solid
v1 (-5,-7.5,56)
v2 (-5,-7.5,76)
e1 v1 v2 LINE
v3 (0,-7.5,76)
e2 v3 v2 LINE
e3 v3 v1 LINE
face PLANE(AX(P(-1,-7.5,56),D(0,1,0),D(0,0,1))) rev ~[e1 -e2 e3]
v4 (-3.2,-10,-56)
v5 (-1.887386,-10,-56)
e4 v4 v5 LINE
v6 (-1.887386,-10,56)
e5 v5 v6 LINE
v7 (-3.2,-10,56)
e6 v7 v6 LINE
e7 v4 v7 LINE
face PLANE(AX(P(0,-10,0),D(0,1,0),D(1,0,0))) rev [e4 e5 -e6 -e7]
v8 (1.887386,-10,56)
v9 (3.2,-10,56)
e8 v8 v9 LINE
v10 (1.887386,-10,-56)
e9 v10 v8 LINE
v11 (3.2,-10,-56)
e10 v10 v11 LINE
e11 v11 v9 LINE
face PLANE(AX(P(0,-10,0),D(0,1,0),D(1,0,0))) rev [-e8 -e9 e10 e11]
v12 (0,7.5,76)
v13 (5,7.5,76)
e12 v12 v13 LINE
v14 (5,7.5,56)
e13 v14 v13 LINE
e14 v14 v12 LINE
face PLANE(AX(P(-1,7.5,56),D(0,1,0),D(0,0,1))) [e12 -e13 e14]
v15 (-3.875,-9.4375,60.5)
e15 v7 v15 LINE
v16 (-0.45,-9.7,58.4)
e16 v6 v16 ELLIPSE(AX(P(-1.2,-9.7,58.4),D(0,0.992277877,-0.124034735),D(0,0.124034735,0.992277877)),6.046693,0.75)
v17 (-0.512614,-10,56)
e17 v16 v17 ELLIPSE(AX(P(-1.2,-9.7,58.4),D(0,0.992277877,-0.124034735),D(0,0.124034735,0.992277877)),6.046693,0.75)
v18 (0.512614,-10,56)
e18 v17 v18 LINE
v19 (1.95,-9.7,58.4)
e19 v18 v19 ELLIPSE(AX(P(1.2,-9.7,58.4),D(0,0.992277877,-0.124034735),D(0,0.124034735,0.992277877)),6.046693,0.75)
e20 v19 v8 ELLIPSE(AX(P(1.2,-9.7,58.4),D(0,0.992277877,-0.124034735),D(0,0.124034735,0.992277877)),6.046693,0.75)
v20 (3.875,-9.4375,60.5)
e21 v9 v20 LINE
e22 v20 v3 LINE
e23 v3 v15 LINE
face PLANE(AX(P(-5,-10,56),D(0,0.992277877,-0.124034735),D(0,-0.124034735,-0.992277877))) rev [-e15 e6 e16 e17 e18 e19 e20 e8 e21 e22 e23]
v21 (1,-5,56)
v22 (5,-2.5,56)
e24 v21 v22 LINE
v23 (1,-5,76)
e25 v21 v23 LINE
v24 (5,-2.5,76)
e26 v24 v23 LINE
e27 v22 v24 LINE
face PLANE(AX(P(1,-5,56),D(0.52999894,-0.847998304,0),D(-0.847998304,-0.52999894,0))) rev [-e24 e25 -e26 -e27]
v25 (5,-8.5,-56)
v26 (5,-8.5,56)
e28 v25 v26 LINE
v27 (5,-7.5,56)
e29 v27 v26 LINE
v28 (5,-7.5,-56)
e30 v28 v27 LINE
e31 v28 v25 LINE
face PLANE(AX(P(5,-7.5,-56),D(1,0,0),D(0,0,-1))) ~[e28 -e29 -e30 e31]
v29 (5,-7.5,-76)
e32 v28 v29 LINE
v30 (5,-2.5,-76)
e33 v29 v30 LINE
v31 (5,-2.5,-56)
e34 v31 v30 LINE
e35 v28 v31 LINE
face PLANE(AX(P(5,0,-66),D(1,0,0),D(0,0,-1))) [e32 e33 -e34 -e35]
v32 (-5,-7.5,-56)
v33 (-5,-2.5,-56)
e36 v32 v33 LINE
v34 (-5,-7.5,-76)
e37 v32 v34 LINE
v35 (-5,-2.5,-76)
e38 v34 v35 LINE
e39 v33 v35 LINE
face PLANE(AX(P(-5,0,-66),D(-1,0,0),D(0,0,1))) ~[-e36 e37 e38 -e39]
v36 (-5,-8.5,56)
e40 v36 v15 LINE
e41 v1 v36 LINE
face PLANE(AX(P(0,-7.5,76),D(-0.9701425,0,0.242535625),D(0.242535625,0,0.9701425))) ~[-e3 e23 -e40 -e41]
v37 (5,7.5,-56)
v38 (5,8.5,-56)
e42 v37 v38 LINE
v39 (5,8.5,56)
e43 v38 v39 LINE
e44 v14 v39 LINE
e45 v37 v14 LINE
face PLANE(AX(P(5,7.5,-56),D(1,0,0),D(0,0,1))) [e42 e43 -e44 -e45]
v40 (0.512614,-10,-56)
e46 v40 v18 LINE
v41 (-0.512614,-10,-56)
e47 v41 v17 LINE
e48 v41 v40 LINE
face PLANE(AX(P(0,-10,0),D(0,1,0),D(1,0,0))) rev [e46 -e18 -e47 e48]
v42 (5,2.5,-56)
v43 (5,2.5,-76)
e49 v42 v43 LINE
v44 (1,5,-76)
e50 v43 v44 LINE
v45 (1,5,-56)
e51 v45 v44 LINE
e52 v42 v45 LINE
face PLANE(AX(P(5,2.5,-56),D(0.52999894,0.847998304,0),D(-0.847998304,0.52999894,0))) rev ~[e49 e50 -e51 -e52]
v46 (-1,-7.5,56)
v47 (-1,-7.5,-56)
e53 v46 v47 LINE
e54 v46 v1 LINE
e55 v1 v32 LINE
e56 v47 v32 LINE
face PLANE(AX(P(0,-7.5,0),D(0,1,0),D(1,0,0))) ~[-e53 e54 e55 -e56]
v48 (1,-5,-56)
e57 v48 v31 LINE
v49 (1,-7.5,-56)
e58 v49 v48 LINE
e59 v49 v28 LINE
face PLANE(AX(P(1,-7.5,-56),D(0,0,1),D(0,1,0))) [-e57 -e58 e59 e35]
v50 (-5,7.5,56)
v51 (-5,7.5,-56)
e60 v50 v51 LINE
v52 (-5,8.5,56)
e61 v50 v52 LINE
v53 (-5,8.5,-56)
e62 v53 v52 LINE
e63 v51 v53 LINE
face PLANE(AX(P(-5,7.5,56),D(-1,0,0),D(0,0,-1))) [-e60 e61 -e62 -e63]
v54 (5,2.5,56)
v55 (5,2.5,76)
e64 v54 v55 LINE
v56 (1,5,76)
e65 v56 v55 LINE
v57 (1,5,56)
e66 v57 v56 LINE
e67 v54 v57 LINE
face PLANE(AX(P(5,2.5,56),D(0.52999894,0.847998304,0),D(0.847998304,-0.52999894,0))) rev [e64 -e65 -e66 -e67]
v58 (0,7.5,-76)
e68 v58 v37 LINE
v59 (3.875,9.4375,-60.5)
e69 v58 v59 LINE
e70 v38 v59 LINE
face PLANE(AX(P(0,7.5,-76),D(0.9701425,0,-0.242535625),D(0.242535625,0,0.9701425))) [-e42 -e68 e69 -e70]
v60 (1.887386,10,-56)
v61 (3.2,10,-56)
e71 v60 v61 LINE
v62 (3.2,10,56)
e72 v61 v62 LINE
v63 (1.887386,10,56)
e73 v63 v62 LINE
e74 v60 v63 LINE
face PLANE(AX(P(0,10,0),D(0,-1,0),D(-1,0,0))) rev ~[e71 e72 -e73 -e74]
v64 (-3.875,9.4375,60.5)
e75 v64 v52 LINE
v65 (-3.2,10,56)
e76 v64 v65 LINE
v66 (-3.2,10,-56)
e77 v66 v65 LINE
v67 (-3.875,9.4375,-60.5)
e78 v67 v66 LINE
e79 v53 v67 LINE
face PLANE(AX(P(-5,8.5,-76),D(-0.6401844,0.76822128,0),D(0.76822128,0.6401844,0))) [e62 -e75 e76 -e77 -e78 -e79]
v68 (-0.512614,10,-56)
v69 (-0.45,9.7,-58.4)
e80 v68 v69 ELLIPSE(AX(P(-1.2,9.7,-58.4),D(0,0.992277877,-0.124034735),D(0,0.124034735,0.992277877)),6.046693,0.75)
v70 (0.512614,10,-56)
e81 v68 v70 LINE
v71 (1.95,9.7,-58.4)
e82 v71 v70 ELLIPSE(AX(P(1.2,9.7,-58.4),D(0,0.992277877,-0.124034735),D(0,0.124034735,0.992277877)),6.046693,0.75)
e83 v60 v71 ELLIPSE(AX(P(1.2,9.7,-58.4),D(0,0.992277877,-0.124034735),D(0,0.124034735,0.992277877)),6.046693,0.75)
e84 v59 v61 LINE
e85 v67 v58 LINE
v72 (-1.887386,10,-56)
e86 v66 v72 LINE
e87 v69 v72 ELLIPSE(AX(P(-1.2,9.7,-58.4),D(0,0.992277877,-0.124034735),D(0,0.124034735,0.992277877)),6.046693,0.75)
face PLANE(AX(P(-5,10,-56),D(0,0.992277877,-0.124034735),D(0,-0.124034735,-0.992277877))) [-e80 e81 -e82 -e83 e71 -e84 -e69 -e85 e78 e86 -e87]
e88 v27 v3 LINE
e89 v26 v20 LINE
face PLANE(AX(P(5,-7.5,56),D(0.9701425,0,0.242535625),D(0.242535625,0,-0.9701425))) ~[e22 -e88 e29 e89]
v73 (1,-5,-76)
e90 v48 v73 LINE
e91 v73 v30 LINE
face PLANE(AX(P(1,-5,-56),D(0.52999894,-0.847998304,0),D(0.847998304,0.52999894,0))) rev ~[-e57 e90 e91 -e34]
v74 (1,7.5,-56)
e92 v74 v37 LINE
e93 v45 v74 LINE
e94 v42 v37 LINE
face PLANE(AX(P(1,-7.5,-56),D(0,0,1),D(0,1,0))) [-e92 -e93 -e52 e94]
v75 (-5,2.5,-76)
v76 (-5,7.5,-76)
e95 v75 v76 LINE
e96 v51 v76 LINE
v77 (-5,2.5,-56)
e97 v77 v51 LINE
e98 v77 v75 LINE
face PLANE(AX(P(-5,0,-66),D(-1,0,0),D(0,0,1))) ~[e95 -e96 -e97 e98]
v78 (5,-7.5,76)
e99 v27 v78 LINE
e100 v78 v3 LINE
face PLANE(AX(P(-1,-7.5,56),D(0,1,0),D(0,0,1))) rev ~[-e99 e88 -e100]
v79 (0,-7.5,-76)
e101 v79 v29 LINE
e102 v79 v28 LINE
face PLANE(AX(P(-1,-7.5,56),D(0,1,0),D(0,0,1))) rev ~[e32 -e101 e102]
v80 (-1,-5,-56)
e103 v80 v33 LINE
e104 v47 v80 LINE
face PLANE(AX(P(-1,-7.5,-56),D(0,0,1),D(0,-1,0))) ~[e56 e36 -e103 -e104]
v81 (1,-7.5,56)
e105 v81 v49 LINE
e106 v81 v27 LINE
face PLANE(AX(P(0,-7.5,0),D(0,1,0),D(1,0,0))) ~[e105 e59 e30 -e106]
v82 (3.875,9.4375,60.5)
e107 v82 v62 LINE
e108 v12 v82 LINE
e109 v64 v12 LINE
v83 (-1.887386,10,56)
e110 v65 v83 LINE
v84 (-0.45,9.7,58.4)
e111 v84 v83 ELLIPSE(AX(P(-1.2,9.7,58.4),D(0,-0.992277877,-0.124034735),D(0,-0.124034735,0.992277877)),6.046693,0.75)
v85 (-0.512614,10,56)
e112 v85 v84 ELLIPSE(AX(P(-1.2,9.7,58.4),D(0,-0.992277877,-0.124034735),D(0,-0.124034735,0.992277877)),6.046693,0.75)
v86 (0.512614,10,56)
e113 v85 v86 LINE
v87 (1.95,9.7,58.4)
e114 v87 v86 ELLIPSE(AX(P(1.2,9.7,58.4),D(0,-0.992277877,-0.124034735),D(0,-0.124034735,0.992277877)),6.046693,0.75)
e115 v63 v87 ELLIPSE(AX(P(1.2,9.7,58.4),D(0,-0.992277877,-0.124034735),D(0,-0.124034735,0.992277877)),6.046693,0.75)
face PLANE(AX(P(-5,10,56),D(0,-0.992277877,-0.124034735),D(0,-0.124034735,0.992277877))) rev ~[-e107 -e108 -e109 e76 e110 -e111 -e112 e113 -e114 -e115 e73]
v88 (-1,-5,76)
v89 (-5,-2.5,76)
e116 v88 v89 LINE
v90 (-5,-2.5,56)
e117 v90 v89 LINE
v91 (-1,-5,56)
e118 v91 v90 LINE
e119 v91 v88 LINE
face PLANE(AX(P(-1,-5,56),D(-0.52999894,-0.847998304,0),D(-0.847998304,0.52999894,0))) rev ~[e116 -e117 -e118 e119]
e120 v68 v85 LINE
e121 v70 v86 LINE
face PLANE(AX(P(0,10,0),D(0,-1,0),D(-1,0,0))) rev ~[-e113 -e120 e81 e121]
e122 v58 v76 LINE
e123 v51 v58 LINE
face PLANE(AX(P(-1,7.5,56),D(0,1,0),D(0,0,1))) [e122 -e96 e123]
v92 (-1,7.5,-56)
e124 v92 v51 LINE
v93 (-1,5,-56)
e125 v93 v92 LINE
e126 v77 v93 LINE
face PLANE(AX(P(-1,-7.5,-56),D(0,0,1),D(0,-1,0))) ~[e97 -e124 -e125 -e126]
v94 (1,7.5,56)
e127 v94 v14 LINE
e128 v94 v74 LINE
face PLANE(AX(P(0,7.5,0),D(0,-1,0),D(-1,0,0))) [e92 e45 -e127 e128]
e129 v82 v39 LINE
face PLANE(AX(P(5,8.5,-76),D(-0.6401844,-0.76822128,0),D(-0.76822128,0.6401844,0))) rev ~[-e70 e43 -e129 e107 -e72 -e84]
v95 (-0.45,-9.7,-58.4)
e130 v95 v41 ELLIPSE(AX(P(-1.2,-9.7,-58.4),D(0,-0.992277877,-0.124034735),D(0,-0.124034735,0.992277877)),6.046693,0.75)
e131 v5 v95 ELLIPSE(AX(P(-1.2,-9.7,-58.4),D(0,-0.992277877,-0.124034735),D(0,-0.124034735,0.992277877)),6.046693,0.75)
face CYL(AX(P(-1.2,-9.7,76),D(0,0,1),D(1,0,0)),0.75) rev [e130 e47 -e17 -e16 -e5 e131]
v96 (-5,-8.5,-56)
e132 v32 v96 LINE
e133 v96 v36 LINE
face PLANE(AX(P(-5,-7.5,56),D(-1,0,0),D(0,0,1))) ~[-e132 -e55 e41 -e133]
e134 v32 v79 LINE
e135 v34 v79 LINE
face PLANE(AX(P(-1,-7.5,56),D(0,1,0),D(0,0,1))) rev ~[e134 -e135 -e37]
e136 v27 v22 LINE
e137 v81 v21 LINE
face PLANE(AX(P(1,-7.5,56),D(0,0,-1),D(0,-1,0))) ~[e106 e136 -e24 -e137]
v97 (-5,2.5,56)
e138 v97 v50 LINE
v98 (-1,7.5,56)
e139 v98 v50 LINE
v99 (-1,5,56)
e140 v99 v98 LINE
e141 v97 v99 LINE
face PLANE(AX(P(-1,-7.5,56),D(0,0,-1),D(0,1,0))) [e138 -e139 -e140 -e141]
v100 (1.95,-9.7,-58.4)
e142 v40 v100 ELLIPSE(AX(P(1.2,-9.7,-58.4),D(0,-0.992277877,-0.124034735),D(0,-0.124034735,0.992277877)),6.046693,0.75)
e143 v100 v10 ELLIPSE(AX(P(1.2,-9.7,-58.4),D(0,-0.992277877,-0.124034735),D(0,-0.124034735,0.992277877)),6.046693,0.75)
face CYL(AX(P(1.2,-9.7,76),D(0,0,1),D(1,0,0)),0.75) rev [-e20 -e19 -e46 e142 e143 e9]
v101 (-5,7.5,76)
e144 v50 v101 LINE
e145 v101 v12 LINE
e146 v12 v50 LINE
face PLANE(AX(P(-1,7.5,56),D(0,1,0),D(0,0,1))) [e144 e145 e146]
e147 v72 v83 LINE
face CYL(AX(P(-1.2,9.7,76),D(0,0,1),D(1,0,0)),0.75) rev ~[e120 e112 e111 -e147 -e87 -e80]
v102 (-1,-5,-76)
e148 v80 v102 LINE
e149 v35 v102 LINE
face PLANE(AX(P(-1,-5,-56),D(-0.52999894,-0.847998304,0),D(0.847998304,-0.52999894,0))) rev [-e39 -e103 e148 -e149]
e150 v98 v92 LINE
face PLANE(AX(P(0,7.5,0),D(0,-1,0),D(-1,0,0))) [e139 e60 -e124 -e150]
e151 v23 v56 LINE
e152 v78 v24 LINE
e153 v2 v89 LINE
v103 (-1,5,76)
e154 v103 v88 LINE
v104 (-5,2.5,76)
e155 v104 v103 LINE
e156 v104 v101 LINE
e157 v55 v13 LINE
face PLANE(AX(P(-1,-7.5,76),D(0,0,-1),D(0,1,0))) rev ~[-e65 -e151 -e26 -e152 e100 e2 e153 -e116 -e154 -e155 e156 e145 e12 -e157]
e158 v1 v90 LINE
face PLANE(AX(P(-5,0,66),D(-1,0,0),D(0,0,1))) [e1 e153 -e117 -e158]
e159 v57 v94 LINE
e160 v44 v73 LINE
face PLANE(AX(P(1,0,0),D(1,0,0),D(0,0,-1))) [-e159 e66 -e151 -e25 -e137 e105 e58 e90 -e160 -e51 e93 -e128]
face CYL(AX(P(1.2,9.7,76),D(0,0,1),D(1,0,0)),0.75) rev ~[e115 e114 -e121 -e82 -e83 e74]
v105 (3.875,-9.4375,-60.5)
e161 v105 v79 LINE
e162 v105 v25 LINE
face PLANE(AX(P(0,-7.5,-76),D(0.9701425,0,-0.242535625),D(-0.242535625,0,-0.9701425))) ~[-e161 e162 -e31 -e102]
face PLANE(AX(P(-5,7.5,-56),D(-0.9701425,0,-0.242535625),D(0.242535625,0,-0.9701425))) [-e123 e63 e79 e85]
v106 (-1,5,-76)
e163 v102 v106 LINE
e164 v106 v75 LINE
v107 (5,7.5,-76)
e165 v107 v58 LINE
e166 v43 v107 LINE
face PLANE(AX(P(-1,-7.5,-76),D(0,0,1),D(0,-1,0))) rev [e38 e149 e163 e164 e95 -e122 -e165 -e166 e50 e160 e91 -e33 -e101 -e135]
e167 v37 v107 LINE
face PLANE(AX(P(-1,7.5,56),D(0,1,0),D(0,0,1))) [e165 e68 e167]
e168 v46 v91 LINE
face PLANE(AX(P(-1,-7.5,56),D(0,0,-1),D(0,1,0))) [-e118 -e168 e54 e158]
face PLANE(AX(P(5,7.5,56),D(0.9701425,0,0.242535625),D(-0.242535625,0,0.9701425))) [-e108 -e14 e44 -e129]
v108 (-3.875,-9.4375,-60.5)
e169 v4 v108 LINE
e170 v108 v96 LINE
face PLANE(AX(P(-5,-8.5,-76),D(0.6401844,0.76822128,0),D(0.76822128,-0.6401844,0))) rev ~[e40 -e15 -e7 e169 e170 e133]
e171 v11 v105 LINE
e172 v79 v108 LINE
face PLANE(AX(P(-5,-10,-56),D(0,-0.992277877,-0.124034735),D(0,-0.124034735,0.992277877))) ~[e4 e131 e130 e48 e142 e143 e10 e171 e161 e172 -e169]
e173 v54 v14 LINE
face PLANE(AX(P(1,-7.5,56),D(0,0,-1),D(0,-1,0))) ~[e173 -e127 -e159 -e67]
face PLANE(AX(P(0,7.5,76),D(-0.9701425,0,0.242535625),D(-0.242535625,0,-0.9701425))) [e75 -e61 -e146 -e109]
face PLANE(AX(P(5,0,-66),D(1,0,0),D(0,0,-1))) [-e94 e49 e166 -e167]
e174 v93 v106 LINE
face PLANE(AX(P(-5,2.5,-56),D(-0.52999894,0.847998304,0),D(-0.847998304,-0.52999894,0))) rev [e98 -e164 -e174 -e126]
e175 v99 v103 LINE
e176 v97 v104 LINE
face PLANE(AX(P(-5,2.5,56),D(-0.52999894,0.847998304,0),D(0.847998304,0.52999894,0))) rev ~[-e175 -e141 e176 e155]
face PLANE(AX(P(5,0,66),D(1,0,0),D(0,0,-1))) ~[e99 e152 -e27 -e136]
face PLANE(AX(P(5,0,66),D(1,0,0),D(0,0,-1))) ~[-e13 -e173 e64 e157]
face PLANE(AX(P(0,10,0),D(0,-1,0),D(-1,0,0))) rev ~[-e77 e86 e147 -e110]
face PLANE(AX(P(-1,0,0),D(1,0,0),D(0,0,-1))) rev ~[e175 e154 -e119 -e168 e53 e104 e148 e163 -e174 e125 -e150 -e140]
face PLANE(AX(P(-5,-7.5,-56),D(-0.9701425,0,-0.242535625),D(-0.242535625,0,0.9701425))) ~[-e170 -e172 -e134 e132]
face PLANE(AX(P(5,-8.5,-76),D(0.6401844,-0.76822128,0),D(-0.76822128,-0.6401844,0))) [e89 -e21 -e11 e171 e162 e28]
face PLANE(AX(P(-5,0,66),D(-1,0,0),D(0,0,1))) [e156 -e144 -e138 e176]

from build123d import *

# Parameters (mm, degrees)
SKETCH1_W               = 152
SKETCH1_H               = 15
BOSS_EXTRUDE1_DEPTH     = 1
SKETCH2_W               = 20
SKETCH2_H               = 15
BOSS_EXTRUDE2_DEPTH     = 4
CUT_EXTRUDE1_DEPTH      = 133.3074072
MIRROR2_COPY_1_SKETCH_W = 20
MIRROR2_COPY_1_SKETCH_H = 15
MIRROR2_COPY_1_DEPTH    = 4
MIRROR2_COPY_2_DEPTH    = 133.3074072
BOSS_EXTRUDE5_DEPTH     = 2.5
CUT_EXTRUDE2_DEPTH      = 78.30459236
SKETCH9_R               = 0.75
CUT_EXTRUDE3_DEPTH      = 153.410629551
CUT_EXTRUDE4_DEPTH      = 153.410629551


with BuildPart() as part:
    # Sketch1 → Boss-Extrude1 (new, symmetric)
    with BuildSketch(Plane(origin=(0, 0, 0), x_dir=(0, 0, -1), z_dir=(1, 0, 0))):
        Rectangle(SKETCH1_W, SKETCH1_H)
    extrude(amount=BOSS_EXTRUDE1_DEPTH, both=True)

    # Sketch2 → Boss-Extrude2 (add)
    with BuildSketch(Plane(origin=(1, 0, 0), x_dir=(0, 0, -1), z_dir=(1, 0, 0))):
        with Locations((66, 0)):
            Rectangle(SKETCH2_W, SKETCH2_H)
    boss_extrude2 = extrude(amount=BOSS_EXTRUDE2_DEPTH)

    # Sketch3 → Cut-Extrude1 (cut, through all)
    with BuildSketch(Plane.XY.offset(-56)):
        Polygon((5, 2.5), (1, 5), (1, -5), (5, -2.5), align=None)
    cut_extrude1 = extrude(amount=-CUT_EXTRUDE1_DEPTH, mode=Mode.SUBTRACT)

    # Mirror1: Boss-Extrude2, Cut-Extrude1 across plane
    add(boss_extrude2.mirror(Plane(origin=(0, 0, 0), x_dir=(0, 0, 1), z_dir=(1, 0, 0))))
    add(cut_extrude1.mirror(Plane(origin=(0, 0, 0), x_dir=(0, 0, 1), z_dir=(1, 0, 0))), mode=Mode.SUBTRACT)

    # Mirror2: Boss-Extrude2, Cut-Extrude1 across plane
    add(boss_extrude2.mirror(Plane.XY))
    add(cut_extrude1.mirror(Plane.XY), mode=Mode.SUBTRACT)

    # Mirror2 copy 1 sketch → Mirror2 copy 1 (add)
    with BuildSketch(Plane.ZY.offset(1)):
        with Locations((66, 0)):
            Rectangle(MIRROR2_COPY_1_SKETCH_W, MIRROR2_COPY_1_SKETCH_H)
    extrude(amount=MIRROR2_COPY_1_DEPTH)

    # Mirror2 copy 2 sketch → Mirror2 copy 2 (cut, through all)
    with BuildSketch(Plane(origin=(0, 0, 56), x_dir=(-1, 0, 0), z_dir=(0, 0, -1))):
        Polygon((5, 2.5), (1, 5), (1, -5), (5, -2.5), align=None)
    extrude(amount=-MIRROR2_COPY_2_DEPTH, mode=Mode.SUBTRACT)

    # Sketch7 → Boss-Extrude5 (add)
    with BuildSketch(Plane(origin=(0, 7.5, 0), x_dir=(1, 0, 0), z_dir=(0, 1, 0))):
        Polygon((0, -76), (-5, -56), (-5, 56), (0, 76), (5, 56), (5, -56), align=None)
    boss_extrude5 = extrude(amount=BOSS_EXTRUDE5_DEPTH)

    # Sketch8 → Cut-Extrude2 (cut, through all)
    with BuildSketch(Plane.ZY.offset(5)):
        Polygon((-56, 10), (-76, 7.5), (-76, 10), align=None)
        Polygon((76, 10), (56, 10), (76, 7.5), align=None)
    cut_extrude2 = extrude(amount=-CUT_EXTRUDE2_DEPTH, mode=Mode.SUBTRACT)

    # Sketch9 → Cut-Extrude3 (cut, through all)
    with BuildSketch(Plane.XY.offset(76)):
        with Locations((1.2, 9.7)):
            Circle(SKETCH9_R)
        with Locations((-1.2, 9.7)):
            Circle(SKETCH9_R)
    cut_extrude3 = extrude(amount=-CUT_EXTRUDE3_DEPTH, mode=Mode.SUBTRACT)

    # Mirror4: Boss-Extrude5, Cut-Extrude2, Cut-Extrude3 across plane
    add(boss_extrude5.mirror(Plane.ZX))
    add(cut_extrude2.mirror(Plane.ZX), mode=Mode.SUBTRACT)
    add(cut_extrude3.mirror(Plane.ZX), mode=Mode.SUBTRACT)

    # Sketch10 → Cut-Extrude4 (cut, through all)
    with BuildSketch(Plane(origin=(0, 0, -76), x_dir=(-1, 0, 0), z_dir=(0, 0, -1))):
        Polygon((-5, 8.5), (-3.2, 10), (-5, 10), align=None)
        Polygon((5, 10), (5, 8.5), (3.2, 10), align=None)
        Polygon((-5, -10), (-5, -8.5), (-3.2, -10), align=None)
        Polygon((5, -8.5), (3.2, -10), (5, -10), align=None)
    extrude(amount=-CUT_EXTRUDE4_DEPTH, mode=Mode.SUBTRACT)


solid = part.part
